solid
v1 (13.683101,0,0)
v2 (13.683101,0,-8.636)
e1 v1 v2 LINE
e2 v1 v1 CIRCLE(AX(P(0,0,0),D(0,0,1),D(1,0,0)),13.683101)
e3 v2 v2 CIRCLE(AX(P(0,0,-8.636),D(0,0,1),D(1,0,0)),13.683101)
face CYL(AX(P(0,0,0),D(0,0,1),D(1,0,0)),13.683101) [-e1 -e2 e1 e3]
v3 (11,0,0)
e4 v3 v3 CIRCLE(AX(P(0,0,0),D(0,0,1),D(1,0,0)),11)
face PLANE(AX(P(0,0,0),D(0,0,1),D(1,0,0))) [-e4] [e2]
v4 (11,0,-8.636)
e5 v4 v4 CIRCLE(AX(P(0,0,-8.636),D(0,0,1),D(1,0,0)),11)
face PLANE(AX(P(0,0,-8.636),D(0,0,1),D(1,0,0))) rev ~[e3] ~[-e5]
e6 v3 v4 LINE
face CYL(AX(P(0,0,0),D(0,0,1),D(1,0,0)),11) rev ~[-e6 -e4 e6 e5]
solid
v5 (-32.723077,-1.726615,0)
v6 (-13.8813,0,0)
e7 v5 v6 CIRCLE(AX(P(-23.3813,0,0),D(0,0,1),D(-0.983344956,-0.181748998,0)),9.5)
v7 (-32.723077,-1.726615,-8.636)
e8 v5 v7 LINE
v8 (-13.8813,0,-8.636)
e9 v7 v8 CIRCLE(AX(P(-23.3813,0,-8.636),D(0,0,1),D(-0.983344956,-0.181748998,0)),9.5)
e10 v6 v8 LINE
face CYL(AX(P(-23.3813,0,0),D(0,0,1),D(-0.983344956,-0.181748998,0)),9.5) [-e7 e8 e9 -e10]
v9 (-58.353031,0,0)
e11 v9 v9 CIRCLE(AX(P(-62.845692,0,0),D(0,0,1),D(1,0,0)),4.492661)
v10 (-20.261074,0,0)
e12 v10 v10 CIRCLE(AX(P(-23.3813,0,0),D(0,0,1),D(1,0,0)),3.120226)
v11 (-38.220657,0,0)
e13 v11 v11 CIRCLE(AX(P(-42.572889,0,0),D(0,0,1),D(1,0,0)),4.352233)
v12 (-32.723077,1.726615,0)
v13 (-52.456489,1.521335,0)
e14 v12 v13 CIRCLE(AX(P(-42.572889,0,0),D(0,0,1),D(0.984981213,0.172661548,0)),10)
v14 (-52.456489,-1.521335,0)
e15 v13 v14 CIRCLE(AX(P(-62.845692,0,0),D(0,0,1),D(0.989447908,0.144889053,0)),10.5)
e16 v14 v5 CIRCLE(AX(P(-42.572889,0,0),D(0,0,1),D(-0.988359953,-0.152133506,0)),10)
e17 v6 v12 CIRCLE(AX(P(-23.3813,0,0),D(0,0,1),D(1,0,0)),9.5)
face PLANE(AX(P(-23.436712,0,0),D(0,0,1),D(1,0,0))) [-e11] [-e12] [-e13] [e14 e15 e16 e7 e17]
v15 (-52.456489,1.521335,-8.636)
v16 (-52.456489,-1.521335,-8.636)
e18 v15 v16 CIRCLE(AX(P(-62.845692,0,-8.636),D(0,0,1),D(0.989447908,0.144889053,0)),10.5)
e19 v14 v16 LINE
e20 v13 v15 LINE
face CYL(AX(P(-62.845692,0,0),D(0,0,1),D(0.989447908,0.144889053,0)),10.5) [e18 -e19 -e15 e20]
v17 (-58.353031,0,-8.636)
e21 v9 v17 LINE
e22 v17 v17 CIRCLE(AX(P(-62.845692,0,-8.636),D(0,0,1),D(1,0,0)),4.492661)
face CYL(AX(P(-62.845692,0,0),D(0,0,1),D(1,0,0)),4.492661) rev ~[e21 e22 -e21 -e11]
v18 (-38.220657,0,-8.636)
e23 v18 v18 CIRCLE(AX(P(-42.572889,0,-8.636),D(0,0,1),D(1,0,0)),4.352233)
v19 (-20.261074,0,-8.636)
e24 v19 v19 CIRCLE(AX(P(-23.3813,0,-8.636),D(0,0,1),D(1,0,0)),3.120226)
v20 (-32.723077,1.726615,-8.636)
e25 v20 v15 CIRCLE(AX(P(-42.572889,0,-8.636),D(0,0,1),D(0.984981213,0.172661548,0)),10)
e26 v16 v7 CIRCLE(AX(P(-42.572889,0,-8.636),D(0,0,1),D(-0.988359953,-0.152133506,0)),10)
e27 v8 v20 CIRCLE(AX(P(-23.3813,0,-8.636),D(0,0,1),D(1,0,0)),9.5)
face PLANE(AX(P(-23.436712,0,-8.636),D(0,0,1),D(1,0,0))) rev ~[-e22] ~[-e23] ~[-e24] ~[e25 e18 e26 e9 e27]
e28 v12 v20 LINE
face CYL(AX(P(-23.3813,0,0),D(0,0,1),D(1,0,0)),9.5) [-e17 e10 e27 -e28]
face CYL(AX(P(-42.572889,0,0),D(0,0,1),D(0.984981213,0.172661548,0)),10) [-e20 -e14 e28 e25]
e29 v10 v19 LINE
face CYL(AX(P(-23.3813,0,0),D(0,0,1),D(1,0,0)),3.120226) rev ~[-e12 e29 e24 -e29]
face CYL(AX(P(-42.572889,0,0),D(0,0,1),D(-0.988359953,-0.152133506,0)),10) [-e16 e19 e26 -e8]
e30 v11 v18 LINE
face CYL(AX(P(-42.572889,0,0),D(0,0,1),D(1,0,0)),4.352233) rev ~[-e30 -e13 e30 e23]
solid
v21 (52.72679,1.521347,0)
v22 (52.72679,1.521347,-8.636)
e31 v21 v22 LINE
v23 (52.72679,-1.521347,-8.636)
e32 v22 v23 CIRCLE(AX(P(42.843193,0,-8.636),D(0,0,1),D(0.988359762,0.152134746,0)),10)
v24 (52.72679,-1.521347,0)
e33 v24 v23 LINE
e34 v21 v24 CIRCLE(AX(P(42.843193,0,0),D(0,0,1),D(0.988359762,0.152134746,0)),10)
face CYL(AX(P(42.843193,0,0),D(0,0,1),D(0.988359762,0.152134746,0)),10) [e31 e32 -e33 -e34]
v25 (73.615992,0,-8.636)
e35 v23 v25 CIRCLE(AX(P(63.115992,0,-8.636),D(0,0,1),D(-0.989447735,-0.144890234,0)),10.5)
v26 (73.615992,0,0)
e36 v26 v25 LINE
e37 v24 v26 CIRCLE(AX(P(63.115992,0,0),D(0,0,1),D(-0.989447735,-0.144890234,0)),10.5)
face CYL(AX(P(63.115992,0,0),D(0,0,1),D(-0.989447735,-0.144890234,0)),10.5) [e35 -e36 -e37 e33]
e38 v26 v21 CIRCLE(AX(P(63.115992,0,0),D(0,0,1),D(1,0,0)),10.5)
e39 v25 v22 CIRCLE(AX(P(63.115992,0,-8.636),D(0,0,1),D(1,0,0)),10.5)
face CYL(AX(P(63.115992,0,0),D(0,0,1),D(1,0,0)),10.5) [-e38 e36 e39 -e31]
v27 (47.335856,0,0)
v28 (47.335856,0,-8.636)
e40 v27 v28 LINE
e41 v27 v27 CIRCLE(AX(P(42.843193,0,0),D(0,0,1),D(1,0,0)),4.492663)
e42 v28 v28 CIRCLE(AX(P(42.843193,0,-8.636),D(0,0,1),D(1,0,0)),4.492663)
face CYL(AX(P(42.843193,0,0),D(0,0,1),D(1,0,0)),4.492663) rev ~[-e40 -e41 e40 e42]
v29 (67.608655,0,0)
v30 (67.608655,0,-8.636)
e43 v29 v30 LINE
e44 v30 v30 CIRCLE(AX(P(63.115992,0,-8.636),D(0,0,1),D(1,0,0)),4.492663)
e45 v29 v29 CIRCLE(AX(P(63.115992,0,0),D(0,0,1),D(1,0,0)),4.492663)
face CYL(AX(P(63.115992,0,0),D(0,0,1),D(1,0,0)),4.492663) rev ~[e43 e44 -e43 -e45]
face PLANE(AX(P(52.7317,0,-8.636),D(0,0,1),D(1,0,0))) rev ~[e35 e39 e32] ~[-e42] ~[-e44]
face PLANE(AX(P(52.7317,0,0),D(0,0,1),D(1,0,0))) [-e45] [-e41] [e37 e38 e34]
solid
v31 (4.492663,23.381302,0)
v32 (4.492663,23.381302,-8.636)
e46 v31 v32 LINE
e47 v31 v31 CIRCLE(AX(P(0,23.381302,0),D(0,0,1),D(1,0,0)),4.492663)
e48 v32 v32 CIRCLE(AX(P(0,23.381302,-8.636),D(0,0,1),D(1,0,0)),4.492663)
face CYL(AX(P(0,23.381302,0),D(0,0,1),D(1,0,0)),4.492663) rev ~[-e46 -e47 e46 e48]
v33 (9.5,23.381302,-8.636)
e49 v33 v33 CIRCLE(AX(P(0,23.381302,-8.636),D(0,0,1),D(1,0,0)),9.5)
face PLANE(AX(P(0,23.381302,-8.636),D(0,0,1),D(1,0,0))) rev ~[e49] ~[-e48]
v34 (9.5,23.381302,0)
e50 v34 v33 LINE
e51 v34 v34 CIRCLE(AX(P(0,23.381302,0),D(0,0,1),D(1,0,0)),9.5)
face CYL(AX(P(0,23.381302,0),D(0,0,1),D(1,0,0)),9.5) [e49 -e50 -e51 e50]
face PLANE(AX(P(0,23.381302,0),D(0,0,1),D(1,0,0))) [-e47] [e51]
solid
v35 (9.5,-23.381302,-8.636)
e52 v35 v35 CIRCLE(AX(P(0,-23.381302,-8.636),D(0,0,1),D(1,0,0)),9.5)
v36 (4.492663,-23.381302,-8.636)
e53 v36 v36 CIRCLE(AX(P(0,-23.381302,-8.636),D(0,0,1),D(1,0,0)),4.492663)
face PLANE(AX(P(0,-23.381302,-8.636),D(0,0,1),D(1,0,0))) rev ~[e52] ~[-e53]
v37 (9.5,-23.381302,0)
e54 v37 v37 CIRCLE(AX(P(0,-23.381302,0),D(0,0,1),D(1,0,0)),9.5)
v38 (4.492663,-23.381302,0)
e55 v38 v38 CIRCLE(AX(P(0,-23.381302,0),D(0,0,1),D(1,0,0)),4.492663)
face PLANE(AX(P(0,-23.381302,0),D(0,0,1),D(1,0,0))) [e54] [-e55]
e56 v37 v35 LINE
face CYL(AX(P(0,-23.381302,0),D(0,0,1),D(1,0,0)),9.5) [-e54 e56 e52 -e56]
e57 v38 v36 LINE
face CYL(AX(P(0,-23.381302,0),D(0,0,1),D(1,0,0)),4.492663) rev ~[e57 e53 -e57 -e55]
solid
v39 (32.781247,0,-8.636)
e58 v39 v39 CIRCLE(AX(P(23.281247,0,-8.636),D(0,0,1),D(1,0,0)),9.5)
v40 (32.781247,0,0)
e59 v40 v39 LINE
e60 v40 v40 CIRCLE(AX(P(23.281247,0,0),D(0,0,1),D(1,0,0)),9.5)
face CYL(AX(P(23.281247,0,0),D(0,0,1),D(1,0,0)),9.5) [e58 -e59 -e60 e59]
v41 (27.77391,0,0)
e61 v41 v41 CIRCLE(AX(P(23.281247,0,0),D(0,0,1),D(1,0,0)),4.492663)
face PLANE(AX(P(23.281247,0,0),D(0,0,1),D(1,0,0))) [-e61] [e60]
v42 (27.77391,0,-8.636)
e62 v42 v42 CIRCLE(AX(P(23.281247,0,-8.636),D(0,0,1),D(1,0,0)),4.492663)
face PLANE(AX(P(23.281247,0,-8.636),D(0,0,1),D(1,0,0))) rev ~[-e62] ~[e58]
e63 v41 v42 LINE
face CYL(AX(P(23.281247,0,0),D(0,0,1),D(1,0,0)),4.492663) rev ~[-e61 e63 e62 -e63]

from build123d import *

# Parameters (mm, degrees)
F0_R     = 13.6831009892
F0_R_2   = 11
F1_DEPTH = 8.636
F0_R_3   = 9.5
F0_R_4   = 4.4926631
F0_R_5   = 3.1202264588
F0_R_6   = 4.3522325289
F0_R_7   = 4.4926613023


with BuildPart() as f1:
    # F0 (on Top) → F1 (new body)
    with BuildSketch(Plane.XY):
        Circle(F0_R)
        Circle(F0_R_2, mode=Mode.SUBTRACT)
    extrude(amount=-F1_DEPTH)


with BuildPart() as f1b:
    # F0 (on Top) → F1, piece 2 (new body)
    with BuildSketch(Plane.XY):
        with Locations((23.2812466269, 0)):
            Circle(F0_R_3)
        with Locations((23.2812466269, 0)):
            Circle(F0_R_4, mode=Mode.SUBTRACT)
    extrude(amount=-F1_DEPTH)


with BuildPart() as f1c:
    # F0 (on Top) → F1, piece 3 (new body)
    with BuildSketch(Plane.XY):
        with BuildLine():
            ThreePointArc((-32.7230773483, -1.7266154839), (-22.5143753138, -9.4603615745), (-13.8813002706, 0))
            ThreePointArc((-13.8813002706, 0), (-22.5143753138, 9.4603615745), (-32.7230773483, 1.7266154839))
            ThreePointArc((-32.7230773483, 1.7266154839), (-32.6105071995, 0.8665675718), (-32.572889477, 0))
            ThreePointArc((-32.572889477, 0), (-32.6105071995, -0.8665675718), (-32.7230773483, -1.7266154839))
        make_face()
        with Locations((-23.3813002706, 0)):
            Circle(F0_R_5, mode=Mode.SUBTRACT)
        with BuildLine():
            ThreePointArc((-32.572889477, 0), (-32.6105071995, 0.8665675718), (-32.7230773483, 1.7266154839))
            ThreePointArc((-32.7230773483, 1.7266154839), (-32.8813002706, 0), (-32.7230773483, -1.7266154839))
            ThreePointArc((-32.7230773483, -1.7266154839), (-32.6105071995, -0.8665675718), (-32.572889477, 0))
        make_face()
        with BuildLine():
            ThreePointArc((-32.7230773483, -1.7266154839), (-32.8813002706, 0), (-32.7230773483, 1.7266154839))
            ThreePointArc((-32.7230773483, 1.7266154839), (-42.6769106803, 9.9994589648), (-52.456489006, 1.521335055))
            ThreePointArc((-52.456489006, 1.521335055), (-52.3734279127, 0.7626821615), (-52.3456920385, 0))
            ThreePointArc((-52.3456920385, 0), (-52.3734279127, -0.7626821615), (-52.456489006, -1.521335055))
            ThreePointArc((-52.456489006, -1.521335055), (-42.6769106803, -9.9994589648), (-32.7230773483, -1.7266154839))
        make_face()
        with Locations((-42.572889477, 0)):
            Circle(F0_R_6, mode=Mode.SUBTRACT)
        with BuildLine():
            ThreePointArc((-52.3456920385, 0), (-52.3734279127, 0.7626821615), (-52.456489006, 1.521335055))
            ThreePointArc((-52.456489006, 1.521335055), (-52.572889477, 0), (-52.456489006, -1.521335055))
            ThreePointArc((-52.456489006, -1.521335055), (-52.3734279127, -0.7626821615), (-52.3456920385, 0))
        make_face()
        with BuildLine():
            ThreePointArc((-52.456489006, -1.521335055), (-52.572889477, 0), (-52.456489006, 1.521335055))
            ThreePointArc((-52.456489006, 1.521335055), (-73.3456920385, 0), (-52.456489006, -1.521335055))
        make_face()
        with Locations((-62.8456920385, 0)):
            Circle(F0_R_7, mode=Mode.SUBTRACT)
    extrude(amount=-F1_DEPTH)


with BuildPart() as f1d:
    # F0 (on Top) → F1, piece 4 (new body)
    with BuildSketch(Plane.XY):
        with Locations((0, 23.3813021332)):
            Circle(F0_R_3)
        with Locations((0, 23.3813021332)):
            Circle(F0_R_4, mode=Mode.SUBTRACT)
    extrude(amount=-F1_DEPTH)


with BuildPart() as f1e:
    # F0 (on Top) → F1, piece 5 (new body)
    with BuildSketch(Plane.XY):
        with Locations((0, -23.3813021332)):
            Circle(F0_R_3)
        with Locations((0, -23.3813021332)):
            Circle(F0_R_4, mode=Mode.SUBTRACT)
    extrude(amount=-F1_DEPTH)


with BuildPart() as f1f:
    # F0 (on Top) → F1, piece 6 (new body)
    with BuildSketch(Plane.XY):
        with BuildLine():
            ThreePointArc((52.7267904357, -1.5213474578), (52.8140497549, -0.7628970444), (52.8431928158, 0))
            ThreePointArc((52.8431928158, 0), (52.8140497549, 0.7628970444), (52.7267904357, 1.5213474578))
            ThreePointArc((52.7267904357, 1.5213474578), (52.615991652, 0), (52.7267904357, -1.5213474578))
        make_face()
        with BuildLine():
            ThreePointArc((52.7267904357, 1.5213474578), (52.8140497549, 0.7628970444), (52.8431928158, 0))
            ThreePointArc((52.8431928158, 0), (52.8140497549, -0.7628970444), (52.7267904357, -1.5213474578))
            ThreePointArc((52.7267904357, -1.5213474578), (63.8786800644, -10.4722636706), (73.615991652, 0))
            ThreePointArc((73.615991652, 0), (63.8786800644, 10.4722636706), (52.7267904357, 1.5213474578))
        make_face()
        with Locations((63.115991652, 0)):
            Circle(F0_R_4, mode=Mode.SUBTRACT)
        with BuildLine():
            ThreePointArc((52.7267904357, -1.5213474578), (52.615991652, 0), (52.7267904357, 1.5213474578))
            ThreePointArc((52.7267904357, 1.5213474578), (32.8431928158, 0), (52.7267904357, -1.5213474578))
        make_face()
        with Locations((42.8431928158, 0)):
            Circle(F0_R_4, mode=Mode.SUBTRACT)
    extrude(amount=-F1_DEPTH)


solid = Compound([f1.part, f1b.part, f1c.part, f1d.part, f1e.part, f1f.part])
